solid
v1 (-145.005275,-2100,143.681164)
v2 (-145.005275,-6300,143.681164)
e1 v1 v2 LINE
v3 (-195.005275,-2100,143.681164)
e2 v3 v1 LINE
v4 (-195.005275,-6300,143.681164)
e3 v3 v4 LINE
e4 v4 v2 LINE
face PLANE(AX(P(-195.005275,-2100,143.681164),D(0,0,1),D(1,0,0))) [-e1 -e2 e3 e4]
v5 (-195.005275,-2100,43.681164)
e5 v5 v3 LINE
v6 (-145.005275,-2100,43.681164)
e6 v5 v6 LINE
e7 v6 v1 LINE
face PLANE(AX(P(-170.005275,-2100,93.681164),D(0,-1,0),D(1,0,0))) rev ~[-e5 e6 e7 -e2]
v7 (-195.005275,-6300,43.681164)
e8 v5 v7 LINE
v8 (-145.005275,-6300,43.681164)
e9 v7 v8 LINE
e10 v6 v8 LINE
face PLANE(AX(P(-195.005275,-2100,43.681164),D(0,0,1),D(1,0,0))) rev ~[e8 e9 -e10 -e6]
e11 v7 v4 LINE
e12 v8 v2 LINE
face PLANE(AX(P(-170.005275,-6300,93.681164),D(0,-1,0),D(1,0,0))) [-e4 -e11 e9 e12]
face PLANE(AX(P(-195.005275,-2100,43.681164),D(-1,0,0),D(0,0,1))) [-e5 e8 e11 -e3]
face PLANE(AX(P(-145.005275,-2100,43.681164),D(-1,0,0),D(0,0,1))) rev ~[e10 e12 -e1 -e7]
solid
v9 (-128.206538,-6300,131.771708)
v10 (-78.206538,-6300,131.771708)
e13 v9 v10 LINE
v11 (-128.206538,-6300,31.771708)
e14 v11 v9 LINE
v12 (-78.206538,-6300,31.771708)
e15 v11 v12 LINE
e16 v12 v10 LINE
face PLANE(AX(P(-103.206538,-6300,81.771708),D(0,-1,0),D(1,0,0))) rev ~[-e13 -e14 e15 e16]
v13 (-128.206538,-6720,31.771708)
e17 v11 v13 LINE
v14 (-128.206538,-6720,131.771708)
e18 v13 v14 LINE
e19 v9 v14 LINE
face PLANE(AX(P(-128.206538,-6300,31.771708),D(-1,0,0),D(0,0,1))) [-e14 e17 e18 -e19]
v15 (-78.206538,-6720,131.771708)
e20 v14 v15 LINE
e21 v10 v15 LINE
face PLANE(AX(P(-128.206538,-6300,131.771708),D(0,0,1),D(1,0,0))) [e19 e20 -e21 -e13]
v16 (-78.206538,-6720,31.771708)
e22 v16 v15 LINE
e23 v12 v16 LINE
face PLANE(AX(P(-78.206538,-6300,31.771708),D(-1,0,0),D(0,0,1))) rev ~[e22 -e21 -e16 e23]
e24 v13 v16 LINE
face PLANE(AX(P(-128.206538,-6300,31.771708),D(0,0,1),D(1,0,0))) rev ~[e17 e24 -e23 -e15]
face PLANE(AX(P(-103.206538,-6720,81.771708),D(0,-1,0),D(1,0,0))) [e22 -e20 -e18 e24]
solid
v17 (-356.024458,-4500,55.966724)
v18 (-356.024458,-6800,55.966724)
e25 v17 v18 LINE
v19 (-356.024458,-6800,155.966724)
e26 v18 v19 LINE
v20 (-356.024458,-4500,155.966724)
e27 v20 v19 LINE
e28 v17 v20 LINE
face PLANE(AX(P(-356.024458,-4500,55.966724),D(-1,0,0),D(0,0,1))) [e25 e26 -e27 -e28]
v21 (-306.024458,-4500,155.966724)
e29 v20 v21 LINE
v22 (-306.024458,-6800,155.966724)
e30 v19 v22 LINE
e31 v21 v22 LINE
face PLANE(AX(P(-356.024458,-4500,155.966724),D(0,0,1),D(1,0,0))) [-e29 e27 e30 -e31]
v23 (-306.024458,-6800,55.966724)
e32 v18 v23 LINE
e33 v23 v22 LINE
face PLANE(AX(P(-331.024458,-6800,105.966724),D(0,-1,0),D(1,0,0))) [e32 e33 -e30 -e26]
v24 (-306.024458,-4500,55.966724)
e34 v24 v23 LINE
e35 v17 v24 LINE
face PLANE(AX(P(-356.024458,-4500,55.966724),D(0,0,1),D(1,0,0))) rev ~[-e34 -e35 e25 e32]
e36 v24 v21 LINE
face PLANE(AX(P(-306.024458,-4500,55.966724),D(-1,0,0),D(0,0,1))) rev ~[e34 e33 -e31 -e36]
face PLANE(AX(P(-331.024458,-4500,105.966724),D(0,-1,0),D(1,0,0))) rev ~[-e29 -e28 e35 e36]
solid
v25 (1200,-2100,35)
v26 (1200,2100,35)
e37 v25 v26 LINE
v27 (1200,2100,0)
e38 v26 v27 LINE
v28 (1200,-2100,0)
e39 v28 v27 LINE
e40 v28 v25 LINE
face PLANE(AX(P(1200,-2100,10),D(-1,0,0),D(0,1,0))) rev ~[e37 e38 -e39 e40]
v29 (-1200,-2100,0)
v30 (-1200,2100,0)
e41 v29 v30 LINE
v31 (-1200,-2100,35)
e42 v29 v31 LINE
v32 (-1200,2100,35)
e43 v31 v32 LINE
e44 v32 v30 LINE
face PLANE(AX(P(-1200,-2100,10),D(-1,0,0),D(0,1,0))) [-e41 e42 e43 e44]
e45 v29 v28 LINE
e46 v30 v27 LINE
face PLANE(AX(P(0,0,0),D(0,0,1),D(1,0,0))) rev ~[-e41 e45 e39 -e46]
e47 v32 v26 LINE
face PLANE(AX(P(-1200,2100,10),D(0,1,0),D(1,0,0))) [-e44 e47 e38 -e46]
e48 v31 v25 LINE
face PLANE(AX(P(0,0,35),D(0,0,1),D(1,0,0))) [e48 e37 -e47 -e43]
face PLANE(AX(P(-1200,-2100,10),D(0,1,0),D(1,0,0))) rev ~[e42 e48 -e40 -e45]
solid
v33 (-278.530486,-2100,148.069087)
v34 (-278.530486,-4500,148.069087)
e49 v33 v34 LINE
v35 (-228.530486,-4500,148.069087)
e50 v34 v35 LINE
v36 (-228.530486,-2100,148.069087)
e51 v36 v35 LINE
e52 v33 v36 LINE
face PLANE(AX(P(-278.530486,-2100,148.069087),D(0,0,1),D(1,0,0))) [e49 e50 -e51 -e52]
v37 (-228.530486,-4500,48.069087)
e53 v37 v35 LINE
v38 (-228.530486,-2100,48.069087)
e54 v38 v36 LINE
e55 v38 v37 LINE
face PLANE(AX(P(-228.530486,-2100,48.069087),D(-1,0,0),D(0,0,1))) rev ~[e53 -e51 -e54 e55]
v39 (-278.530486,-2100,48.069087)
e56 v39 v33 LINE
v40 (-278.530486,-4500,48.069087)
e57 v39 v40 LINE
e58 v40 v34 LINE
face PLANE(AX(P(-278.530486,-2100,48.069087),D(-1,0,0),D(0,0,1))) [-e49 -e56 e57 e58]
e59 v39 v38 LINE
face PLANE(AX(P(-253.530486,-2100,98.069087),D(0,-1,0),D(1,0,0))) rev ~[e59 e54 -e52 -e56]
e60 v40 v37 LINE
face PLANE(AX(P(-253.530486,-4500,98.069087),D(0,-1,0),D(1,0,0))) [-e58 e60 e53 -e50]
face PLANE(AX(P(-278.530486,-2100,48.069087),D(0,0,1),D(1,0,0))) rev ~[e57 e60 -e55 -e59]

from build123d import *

# Parameters (mm, degrees)
F0_W      = 2400
F0_H      = 4200
F1_DEPTH  = 10
F2_W      = 2400
F2_H      = 4200
F4_DEPTH  = 25
F3_W      = 50
F3_H      = 100
F6_DEPTH  = 4200
F7_W      = 50
F7_H      = 100
F8_DEPTH  = 2400
F9_W      = 50
F9_H      = 100
F10_DEPTH = 420
F11_W     = 50
F11_H     = 100
F12_DEPTH = 2300


with BuildPart() as f1:
    # F0 (on Top) → F1 (new body)
    with BuildSketch(Plane.XY):
        Rectangle(F0_W, F0_H)
    extrude(amount=F1_DEPTH)

    # F2 (on face) → F4 (join)
    with BuildSketch(Plane.XY.offset(10)):
        Rectangle(F2_W, F2_H)
    extrude(amount=F4_DEPTH)


with BuildPart() as f6:
    # F3 (on face) → F6 (new body)
    with BuildSketch(Plane.XZ.offset(2100)):
        with Locations((-170.005275, 93.681164)):
            Rectangle(F3_W, F3_H)
    extrude(amount=F6_DEPTH)


with BuildPart() as f8:
    # F7 (on face) → F8 (new body)
    with BuildSketch(Plane.XZ.offset(2100)):
        with Locations((-253.530486, 98.069087)):
            Rectangle(F7_W, F7_H)
    extrude(amount=F8_DEPTH)


with BuildPart() as f10:
    # F9 (on face) → F10 (new body)
    with BuildSketch(Plane.XZ.offset(6300)):
        with Locations((-103.206538, 81.771708)):
            Rectangle(F9_W, F9_H)
    extrude(amount=F10_DEPTH)


with BuildPart() as f12:
    # F11 (on face) → F12 (new body)
    with BuildSketch(Plane.XZ.offset(4500)):
        with Locations((-331.024458, 105.966724)):
            Rectangle(F11_W, F11_H)
    extrude(amount=F12_DEPTH)


solid = Compound([f1.part, f6.part, f8.part, f10.part, f12.part])
